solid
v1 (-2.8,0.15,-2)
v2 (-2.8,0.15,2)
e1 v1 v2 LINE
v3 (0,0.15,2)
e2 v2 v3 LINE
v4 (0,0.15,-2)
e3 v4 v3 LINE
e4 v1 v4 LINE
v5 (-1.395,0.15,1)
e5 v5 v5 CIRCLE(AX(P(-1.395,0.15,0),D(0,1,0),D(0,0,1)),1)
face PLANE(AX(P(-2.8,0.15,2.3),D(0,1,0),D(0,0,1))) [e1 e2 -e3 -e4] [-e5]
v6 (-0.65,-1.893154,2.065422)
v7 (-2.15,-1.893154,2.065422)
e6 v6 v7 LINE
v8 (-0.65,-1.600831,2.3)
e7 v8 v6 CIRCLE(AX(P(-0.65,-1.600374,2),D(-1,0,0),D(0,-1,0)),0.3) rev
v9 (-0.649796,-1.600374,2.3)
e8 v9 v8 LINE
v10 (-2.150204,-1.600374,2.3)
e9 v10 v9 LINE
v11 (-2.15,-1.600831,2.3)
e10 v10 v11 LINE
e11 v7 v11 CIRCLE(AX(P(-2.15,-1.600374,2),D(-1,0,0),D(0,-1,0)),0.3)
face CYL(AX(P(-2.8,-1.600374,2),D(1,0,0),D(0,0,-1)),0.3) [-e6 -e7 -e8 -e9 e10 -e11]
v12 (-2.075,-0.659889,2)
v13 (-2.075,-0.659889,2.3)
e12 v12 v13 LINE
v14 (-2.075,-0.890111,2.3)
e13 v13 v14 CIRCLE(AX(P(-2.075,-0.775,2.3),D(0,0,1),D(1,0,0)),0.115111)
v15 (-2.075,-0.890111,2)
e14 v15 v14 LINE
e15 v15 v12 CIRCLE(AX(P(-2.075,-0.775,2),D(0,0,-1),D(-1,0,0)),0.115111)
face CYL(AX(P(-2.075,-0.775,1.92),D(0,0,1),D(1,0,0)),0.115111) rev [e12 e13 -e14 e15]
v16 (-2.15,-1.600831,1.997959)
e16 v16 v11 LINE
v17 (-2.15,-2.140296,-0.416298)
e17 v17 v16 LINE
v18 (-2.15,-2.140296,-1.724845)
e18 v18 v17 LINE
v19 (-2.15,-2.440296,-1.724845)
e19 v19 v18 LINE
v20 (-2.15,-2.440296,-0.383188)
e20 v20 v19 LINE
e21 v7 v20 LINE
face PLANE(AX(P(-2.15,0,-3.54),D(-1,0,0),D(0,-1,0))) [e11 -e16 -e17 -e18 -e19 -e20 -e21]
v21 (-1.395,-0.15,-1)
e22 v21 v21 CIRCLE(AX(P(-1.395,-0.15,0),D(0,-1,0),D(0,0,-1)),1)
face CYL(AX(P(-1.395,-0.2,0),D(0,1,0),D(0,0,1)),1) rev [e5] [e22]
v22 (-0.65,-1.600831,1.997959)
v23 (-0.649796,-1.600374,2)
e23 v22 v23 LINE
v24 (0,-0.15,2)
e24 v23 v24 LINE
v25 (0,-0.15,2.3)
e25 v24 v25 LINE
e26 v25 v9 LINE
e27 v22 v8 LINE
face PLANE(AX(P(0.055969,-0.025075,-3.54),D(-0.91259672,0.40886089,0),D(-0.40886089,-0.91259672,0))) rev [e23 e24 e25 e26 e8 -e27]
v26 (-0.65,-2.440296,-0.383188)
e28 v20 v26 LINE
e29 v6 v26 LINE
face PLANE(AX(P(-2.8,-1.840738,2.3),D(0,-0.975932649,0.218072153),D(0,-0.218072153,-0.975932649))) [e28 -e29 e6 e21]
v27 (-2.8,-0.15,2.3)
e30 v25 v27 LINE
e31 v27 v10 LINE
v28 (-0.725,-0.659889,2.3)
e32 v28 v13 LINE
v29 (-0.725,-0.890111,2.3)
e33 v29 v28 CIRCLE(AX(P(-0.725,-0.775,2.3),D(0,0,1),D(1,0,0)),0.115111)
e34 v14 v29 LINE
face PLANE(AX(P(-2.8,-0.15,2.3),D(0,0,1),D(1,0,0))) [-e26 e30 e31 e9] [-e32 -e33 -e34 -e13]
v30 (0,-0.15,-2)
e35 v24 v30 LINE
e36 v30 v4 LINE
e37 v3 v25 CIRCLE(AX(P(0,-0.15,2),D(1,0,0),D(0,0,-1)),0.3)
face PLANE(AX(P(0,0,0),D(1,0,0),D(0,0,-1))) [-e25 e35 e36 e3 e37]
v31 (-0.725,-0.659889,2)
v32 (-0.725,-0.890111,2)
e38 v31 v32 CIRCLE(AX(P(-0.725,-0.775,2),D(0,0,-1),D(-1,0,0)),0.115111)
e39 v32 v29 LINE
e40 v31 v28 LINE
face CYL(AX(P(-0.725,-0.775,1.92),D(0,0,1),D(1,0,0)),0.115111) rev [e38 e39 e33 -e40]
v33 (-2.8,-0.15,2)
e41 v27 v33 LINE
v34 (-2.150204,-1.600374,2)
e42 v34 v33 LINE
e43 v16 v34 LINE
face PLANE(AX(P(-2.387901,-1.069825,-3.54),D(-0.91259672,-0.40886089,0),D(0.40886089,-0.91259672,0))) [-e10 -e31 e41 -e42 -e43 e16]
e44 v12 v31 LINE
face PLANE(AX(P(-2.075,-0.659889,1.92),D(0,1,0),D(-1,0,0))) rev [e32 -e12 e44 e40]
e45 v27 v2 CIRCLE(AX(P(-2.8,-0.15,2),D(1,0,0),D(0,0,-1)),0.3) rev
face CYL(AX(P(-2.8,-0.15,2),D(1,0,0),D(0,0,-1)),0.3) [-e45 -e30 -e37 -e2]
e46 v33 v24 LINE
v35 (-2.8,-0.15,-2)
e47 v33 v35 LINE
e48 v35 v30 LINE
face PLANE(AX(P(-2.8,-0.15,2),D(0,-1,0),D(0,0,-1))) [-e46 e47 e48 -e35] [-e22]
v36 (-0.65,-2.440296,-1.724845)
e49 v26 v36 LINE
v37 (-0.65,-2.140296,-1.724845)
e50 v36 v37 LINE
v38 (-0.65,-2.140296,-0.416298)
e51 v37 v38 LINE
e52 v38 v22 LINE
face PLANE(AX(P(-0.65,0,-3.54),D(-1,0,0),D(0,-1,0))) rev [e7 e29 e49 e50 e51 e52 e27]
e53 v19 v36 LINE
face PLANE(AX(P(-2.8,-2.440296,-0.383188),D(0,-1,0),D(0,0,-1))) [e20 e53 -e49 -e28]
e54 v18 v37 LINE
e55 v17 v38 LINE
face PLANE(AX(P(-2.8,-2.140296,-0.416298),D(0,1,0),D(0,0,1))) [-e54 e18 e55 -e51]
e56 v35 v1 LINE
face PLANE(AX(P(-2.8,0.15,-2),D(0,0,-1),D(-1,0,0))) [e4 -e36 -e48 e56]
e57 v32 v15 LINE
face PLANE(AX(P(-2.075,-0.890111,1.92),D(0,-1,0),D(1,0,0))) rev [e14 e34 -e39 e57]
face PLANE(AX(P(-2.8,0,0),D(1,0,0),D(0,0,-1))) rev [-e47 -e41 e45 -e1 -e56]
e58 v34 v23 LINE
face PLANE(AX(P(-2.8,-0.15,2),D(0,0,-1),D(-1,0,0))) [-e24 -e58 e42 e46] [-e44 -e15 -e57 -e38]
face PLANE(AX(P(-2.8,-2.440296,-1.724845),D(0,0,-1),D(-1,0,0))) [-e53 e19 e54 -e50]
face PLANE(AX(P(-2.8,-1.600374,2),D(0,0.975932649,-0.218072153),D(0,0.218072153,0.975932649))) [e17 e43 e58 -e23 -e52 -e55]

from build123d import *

# Parameters (mm, degrees)
EXTRUDE_1_DEPTH     = 2.8
SKETCH_2_R          = 1
CUT_EXTRUDE_1_DEPTH = 0.35
CUT_EXTRUDE_2_DEPTH = 5.84
FILLET_1_R          = 0.3
FILLET_2_R          = 0.3
CUT_EXTRUDE_3_DEPTH = 0.38


with BuildPart() as part:
    # Эскиз1 → Бобышка-Вытянуть1 (new body)
    with BuildSketch(Plane(origin=(0, 0, 0), x_dir=(0, 0, -1), z_dir=(1, 0, 0))):
        Polygon((-2, -0.15), (2, -0.15), (2, 0.15), (-2.3, 0.15), (-2.3, -0.15), (-2.3, -1.840737663), (0.383188303, -2.440296098), (1.724844915, -2.440296098), (1.724844915, -2.140296098), (0.416297552, -2.140296098), (-2, -1.600374403), align=None)
    extrude(amount=-EXTRUDE_1_DEPTH)

    # Эскиз2 → Вырез-Вытянуть1 (cut)
    with BuildSketch(Plane(origin=(0, 0.15, 0), x_dir=(1, 0, 0), z_dir=(0, 1, 0))):
        with Locations(Location((-1.395, 0, 0), (0, 0, 270))):
            Circle(SKETCH_2_R)
    extrude(amount=-CUT_EXTRUDE_1_DEPTH, mode=Mode.SUBTRACT)

    # Эскиз3 → Вырез-Вытянуть2 (cut)
    with BuildSketch(Plane.XY.offset(2.3)):
        Polygon((0.104580197, -0.15), (0, -0.15), (0, -1.840737663), (-0.507452735, -1.840737663), (-0.65, -1.840737663), (-0.65, -2.582228504), (-2.15, -2.582228504), (-2.15, -1.840737663), (-2.8, -1.840737663), (-2.8, -0.15), (-2.942884437, -0.15), (-2.942884437, -2.979664713), (0.104580197, -2.979664713), align=None)
        Polygon((-2.8, -1.840737663), (-2.15, -1.840737663), (-2.15, -1.600830544), (-2.8, -0.15), align=None)
        Polygon((0, -1.840737663), (0, -0.15), (-0.65, -1.600830544), (-0.65, -1.840737663), (-0.507452735, -1.840737663), align=None)
    extrude(amount=-CUT_EXTRUDE_2_DEPTH, mode=Mode.SUBTRACT)

    # Скругление1
    fillet_1_edges = [part.edges().sort_by_distance(p)[0] for p in [
        (-1.4, 0.15, 2.3),
    ]]
    fillet(fillet_1_edges, radius=FILLET_1_R)

    # Скругление2
    fillet_2_edges = [part.edges().sort_by_distance(p)[0] for p in [
        (-1.4, -1.840737663, 2.3),
    ]]
    fillet(fillet_2_edges, radius=FILLET_2_R)

    # Эскиз4 → Вырез-Вытянуть3 (cut)
    with BuildSketch(Plane.XY.offset(2.3)):
        with BuildLine():
            Line((-2.075, -0.659889324), (-0.725, -0.659889324))
            ThreePointArc((-0.725, -0.659889324), (-0.609889324, -0.775), (-0.725, -0.890110676))
            Line((-0.725, -0.890110676), (-2.075, -0.890110676))
            ThreePointArc((-2.075, -0.890110676), (-2.190110676, -0.775), (-2.075, -0.659889324))
        make_face()
    extrude(amount=-CUT_EXTRUDE_3_DEPTH, mode=Mode.SUBTRACT)


solid = part.part
